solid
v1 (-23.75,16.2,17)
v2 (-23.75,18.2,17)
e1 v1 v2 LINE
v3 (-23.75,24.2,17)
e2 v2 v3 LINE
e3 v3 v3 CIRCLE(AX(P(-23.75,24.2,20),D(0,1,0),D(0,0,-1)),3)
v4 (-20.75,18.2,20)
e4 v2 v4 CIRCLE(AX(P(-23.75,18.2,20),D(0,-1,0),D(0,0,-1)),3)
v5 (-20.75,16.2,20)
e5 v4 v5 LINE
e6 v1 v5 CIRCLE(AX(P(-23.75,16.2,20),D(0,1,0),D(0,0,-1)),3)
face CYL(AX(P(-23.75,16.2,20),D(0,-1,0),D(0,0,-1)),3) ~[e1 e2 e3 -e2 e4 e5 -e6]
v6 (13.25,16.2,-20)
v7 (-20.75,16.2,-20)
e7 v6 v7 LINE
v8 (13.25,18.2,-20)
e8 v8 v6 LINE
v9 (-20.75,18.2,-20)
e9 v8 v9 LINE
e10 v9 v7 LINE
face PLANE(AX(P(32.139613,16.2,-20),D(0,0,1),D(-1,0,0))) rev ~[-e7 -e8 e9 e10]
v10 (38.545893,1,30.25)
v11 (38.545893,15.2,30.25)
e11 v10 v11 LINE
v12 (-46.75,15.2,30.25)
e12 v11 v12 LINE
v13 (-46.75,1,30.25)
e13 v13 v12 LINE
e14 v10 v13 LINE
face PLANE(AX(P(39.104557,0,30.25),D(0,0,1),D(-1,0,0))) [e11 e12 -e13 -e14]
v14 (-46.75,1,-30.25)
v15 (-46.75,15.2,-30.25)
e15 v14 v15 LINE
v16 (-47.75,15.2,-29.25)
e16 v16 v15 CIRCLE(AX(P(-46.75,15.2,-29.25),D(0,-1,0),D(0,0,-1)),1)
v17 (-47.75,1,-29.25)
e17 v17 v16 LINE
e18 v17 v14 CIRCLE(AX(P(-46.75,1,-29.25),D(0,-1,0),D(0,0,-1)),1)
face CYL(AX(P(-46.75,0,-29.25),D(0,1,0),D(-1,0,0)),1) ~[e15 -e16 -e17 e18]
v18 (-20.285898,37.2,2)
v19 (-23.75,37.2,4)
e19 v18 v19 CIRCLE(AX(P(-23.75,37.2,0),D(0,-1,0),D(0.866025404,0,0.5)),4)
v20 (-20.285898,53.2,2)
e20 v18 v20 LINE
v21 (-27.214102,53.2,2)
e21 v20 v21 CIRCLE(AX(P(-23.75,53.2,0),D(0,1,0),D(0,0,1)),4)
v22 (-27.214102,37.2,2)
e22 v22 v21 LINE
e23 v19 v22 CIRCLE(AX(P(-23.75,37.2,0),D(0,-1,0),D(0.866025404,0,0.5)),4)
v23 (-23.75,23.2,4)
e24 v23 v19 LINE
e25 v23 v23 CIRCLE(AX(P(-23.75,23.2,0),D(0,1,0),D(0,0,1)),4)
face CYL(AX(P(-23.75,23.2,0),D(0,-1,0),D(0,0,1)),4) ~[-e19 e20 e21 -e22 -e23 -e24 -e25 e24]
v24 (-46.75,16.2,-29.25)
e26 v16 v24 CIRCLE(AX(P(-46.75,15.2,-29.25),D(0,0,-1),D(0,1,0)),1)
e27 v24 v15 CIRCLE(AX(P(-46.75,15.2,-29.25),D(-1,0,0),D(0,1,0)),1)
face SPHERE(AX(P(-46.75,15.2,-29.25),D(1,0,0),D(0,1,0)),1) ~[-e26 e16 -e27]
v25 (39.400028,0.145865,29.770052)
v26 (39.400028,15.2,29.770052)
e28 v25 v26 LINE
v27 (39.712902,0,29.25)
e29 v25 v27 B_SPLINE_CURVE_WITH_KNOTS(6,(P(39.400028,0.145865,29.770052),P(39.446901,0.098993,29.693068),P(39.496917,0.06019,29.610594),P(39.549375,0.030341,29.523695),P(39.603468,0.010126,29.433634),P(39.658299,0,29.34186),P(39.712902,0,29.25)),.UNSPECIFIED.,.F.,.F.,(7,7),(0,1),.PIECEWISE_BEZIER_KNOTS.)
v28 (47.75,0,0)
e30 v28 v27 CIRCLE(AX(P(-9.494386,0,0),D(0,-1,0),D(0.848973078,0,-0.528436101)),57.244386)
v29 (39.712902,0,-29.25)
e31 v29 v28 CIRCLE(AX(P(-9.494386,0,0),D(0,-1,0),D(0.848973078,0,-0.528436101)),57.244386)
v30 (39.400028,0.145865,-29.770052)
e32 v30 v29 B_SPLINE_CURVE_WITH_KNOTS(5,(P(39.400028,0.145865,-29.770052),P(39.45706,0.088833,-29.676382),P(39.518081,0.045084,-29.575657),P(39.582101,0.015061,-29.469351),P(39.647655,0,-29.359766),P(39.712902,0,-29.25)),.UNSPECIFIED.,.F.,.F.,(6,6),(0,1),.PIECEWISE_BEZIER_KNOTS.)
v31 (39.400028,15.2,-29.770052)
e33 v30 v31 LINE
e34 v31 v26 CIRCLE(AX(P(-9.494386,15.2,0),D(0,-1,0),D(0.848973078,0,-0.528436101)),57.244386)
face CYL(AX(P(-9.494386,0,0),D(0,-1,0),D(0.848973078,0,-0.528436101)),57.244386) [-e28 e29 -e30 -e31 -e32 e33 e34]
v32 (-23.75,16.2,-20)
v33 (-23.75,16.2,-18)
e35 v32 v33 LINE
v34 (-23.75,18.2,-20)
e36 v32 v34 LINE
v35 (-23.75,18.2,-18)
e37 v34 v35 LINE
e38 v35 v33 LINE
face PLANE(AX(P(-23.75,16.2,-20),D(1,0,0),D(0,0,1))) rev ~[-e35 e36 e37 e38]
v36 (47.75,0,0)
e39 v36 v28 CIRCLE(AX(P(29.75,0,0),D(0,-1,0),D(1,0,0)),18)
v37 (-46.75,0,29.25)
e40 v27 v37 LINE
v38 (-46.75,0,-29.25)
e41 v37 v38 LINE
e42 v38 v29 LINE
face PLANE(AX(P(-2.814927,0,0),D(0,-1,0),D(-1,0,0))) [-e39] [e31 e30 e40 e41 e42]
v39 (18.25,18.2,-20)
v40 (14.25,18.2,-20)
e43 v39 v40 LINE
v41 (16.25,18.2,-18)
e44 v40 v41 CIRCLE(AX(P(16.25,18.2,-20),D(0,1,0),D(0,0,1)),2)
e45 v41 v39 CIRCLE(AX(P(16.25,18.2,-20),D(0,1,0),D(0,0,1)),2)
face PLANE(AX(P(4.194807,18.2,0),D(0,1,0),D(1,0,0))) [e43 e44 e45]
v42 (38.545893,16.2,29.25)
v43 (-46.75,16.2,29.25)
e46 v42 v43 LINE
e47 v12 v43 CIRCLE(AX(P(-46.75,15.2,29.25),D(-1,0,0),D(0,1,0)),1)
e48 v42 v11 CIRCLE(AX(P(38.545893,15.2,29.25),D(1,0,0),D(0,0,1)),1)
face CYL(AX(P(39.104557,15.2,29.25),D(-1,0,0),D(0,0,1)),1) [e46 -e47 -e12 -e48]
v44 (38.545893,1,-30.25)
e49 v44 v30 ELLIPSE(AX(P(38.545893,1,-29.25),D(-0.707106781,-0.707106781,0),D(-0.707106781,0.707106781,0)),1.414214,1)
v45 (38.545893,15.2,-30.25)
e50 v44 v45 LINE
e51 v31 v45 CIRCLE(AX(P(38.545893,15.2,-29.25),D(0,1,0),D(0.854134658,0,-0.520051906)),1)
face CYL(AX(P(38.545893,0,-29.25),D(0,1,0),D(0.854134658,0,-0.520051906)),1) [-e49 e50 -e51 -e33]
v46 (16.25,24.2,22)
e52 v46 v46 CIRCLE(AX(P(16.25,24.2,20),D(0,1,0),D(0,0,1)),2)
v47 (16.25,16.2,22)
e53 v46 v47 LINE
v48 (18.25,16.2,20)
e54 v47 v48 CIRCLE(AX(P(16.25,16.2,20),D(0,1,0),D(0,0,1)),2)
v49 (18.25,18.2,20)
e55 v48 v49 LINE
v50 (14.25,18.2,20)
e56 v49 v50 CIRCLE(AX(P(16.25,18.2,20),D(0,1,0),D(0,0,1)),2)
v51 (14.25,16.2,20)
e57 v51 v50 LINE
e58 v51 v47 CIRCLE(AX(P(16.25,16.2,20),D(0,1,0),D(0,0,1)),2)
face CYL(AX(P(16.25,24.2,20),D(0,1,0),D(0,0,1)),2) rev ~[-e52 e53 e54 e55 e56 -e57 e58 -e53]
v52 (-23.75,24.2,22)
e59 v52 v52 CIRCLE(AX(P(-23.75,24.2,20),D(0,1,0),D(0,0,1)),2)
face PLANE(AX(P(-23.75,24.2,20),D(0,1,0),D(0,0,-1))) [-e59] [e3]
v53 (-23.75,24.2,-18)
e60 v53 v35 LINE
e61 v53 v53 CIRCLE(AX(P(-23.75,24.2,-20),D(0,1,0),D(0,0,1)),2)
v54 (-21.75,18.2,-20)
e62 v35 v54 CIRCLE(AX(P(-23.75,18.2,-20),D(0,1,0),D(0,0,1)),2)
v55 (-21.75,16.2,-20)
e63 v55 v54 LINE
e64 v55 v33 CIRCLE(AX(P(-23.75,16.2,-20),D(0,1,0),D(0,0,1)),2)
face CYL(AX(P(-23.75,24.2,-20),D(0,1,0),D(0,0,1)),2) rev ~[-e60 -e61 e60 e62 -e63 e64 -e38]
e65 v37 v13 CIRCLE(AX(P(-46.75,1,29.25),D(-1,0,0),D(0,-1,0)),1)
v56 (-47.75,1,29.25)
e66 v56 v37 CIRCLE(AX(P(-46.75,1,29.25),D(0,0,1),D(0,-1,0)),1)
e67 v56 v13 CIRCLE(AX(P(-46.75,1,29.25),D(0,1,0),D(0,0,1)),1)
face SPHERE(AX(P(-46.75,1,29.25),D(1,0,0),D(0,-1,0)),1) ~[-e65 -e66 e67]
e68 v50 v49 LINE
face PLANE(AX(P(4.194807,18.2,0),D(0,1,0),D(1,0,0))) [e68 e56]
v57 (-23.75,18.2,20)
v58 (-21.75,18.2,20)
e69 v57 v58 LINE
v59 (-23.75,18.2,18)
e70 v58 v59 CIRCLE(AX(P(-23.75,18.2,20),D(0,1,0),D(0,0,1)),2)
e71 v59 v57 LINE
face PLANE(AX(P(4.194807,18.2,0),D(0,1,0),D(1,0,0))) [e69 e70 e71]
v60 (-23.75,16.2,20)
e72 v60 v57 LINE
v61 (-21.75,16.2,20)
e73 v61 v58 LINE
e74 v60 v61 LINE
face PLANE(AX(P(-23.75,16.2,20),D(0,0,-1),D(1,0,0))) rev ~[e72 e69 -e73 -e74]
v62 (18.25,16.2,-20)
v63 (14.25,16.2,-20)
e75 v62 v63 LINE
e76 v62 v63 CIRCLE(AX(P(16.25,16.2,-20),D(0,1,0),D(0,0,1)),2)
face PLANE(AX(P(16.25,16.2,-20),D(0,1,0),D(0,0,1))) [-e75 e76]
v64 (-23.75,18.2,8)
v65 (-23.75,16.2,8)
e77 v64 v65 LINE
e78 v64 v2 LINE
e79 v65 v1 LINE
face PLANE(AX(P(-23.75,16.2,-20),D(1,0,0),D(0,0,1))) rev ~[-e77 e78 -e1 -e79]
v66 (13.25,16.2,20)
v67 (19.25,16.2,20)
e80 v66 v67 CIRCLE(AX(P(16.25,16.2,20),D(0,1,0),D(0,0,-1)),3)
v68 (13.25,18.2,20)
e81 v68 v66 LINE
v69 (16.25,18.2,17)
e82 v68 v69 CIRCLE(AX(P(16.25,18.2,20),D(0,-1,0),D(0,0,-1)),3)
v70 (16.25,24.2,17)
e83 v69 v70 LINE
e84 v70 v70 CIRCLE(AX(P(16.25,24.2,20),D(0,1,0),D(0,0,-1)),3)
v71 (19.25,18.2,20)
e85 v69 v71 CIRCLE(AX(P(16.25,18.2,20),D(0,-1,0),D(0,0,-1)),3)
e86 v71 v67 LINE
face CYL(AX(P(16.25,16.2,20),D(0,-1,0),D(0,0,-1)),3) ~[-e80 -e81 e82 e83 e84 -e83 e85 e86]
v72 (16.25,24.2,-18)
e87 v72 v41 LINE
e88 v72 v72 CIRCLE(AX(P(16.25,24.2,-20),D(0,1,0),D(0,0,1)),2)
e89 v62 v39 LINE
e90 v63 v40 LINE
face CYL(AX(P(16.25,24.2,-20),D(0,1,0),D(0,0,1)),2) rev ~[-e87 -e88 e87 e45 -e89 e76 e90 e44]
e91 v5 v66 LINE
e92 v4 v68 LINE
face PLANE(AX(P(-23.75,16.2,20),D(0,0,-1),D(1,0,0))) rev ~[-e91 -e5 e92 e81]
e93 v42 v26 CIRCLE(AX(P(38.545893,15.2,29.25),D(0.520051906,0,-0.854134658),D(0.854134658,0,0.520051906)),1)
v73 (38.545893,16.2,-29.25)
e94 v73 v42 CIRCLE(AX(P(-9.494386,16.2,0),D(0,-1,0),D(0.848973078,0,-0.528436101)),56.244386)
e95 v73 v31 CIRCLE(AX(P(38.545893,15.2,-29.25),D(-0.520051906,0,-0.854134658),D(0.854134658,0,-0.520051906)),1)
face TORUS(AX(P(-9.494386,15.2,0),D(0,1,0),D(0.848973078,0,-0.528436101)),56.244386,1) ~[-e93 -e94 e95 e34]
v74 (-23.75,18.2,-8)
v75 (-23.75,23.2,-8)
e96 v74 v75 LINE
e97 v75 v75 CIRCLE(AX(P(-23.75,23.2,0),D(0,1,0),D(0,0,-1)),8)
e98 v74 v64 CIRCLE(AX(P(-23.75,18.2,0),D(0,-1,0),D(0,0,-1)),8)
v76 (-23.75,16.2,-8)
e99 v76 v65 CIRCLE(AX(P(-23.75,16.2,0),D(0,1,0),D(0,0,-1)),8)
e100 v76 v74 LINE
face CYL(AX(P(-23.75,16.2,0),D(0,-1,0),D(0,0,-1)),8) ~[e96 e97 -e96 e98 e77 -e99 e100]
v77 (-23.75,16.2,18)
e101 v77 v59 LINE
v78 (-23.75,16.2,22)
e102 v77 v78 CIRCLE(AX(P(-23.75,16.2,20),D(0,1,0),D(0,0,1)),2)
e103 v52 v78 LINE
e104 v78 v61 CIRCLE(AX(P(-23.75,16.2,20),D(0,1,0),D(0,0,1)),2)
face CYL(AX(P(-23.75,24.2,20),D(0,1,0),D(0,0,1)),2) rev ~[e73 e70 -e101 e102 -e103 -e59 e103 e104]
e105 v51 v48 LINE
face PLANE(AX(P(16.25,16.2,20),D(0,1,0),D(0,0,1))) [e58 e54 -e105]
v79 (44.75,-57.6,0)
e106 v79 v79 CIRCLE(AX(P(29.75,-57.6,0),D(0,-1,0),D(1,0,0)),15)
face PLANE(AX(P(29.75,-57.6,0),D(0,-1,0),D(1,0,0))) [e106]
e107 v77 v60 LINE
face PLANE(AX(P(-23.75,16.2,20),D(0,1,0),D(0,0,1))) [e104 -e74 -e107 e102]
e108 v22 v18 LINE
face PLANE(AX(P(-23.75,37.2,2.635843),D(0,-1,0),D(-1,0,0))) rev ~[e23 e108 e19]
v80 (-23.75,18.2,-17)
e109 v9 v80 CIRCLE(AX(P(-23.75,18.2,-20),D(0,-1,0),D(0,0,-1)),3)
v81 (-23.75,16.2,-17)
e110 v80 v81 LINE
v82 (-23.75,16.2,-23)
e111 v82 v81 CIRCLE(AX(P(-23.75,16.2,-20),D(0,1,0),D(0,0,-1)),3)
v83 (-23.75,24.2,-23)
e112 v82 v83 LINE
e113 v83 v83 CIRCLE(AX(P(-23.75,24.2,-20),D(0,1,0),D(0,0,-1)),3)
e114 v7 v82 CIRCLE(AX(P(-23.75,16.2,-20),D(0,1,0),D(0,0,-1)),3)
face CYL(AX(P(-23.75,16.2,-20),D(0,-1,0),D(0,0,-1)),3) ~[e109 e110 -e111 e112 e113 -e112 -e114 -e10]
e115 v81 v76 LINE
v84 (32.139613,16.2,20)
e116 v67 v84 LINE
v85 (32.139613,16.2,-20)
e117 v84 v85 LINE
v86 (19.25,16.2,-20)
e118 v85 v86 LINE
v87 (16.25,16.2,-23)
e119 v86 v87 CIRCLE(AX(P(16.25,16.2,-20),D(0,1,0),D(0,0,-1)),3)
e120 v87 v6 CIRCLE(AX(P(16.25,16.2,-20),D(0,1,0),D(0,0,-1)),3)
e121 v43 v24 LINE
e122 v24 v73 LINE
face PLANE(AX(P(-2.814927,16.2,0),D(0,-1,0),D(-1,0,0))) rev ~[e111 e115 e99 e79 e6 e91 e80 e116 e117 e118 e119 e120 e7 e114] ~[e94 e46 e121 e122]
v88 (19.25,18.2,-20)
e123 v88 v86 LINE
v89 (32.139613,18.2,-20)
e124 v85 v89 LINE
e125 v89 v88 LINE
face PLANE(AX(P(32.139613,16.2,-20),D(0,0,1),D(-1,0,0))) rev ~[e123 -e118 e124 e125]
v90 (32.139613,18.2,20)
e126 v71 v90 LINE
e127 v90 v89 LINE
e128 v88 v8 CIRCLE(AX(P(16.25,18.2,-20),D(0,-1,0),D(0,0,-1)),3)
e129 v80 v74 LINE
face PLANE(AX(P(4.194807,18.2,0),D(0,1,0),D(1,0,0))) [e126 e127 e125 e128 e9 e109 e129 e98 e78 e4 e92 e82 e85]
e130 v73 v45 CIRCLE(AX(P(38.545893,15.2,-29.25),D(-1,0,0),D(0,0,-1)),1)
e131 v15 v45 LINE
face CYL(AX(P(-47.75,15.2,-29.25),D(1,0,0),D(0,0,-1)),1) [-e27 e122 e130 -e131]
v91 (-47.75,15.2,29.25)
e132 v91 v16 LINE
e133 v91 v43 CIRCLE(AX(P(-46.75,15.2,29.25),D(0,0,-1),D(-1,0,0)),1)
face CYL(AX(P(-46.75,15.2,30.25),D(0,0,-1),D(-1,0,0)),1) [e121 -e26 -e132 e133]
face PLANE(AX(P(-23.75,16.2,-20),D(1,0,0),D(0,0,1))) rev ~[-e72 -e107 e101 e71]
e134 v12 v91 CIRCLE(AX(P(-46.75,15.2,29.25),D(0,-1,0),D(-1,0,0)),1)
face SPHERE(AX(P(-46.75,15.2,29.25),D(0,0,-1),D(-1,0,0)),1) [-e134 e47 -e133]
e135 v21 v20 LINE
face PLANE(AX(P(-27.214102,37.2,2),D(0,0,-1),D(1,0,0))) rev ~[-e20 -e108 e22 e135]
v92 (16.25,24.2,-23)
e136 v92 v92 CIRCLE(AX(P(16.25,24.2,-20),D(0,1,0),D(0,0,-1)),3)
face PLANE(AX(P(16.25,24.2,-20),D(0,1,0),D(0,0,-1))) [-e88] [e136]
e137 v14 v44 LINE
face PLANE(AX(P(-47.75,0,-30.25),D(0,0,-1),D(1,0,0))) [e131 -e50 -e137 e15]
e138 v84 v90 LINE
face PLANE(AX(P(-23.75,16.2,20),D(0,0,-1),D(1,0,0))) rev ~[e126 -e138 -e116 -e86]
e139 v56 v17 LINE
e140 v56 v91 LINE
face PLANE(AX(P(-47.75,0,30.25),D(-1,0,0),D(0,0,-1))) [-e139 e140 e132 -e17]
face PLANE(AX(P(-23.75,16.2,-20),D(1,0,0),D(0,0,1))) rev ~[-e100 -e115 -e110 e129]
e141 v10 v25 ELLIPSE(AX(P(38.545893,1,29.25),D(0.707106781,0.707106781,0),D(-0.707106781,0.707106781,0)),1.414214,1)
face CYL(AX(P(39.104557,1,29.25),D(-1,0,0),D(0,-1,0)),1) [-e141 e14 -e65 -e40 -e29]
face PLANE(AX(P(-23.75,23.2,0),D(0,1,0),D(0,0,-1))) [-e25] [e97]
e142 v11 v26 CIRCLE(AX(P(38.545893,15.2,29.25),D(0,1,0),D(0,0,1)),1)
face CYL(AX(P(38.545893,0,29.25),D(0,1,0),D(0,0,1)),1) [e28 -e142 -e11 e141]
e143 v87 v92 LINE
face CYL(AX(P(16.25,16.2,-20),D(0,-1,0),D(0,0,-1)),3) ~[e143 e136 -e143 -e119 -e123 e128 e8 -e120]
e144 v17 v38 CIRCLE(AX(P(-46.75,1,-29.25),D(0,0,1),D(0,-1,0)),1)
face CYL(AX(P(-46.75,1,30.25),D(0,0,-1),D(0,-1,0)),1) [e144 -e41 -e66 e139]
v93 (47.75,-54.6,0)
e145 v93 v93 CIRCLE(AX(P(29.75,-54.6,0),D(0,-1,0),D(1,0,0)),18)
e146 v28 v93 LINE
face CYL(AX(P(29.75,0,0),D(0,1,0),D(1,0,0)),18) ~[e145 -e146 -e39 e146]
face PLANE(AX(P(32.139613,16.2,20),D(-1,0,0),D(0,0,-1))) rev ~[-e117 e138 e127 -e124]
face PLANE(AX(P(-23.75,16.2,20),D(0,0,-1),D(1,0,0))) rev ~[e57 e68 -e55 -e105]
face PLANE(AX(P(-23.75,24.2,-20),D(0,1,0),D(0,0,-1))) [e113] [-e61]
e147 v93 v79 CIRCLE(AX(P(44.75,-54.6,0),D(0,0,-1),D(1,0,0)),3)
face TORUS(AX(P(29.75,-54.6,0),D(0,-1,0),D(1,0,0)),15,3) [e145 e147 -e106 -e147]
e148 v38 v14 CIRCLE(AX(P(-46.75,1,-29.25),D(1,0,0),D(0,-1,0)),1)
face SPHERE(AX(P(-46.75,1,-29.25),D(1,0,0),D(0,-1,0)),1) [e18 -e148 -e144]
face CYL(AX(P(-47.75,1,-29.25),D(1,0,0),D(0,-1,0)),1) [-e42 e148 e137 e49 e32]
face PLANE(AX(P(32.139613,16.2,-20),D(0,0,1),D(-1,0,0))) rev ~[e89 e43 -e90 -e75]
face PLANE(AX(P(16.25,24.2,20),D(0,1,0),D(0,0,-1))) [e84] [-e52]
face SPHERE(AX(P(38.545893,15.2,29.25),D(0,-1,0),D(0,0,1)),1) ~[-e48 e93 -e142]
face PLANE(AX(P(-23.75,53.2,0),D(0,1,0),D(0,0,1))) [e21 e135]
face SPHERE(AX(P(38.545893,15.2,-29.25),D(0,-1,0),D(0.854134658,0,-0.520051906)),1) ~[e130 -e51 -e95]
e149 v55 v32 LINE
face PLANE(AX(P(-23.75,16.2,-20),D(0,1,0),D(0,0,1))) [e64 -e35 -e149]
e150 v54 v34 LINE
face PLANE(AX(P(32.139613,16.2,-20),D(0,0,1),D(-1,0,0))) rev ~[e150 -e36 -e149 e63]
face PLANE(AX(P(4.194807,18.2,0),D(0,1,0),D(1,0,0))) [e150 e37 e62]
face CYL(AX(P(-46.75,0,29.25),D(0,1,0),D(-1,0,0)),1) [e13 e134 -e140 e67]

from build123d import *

# Parameters (mm, degrees)
EXTRUDE_1_DEPTH     = 16.2
SKETCH_2_R          = 3
EXTRUDE_2_DEPTH     = 8
SKETCH_3_R          = 2
CUT_EXTRUDE_1_DEPTH = 8
SKETCH_4_R          = 8
EXTRUDE_3_DEPTH     = 7
SKETCH_5_R          = 4
EXTRUDE_4_DEPTH     = 30
CUT_EXTRUDE_START   = -16
CUT_EXTRUDE_2_DEPTH = 16
EXTRUDE_5_DEPTH     = 2
SKETCH_9_R          = 18
EXTRUDE_6_DEPTH     = 57.6
FILLET_1_R          = 3
FILLET_2_R          = 1


with BuildPart() as part:
    # 草图1 → 凸台-拉伸1 (new body)
    with BuildSketch(Plane(origin=(0, 0, 0), x_dir=(1, 0, 0), z_dir=(0, 1, 0))):
        with BuildLine():
            Line((-47.75, 30.25), (39.104556615, 30.25))
            ThreePointArc((39.104556615, 30.25), (47.75, 0), (39.104556615, -30.25))
            Line((39.104556615, -30.25), (-47.75, -30.25))
            Line((-47.75, -30.25), (-47.75, 30.25))
        make_face()
    extrude(amount=EXTRUDE_1_DEPTH)

    # 草图2 → 凸台-拉伸2 (add)
    with BuildSketch(Plane(origin=(0, 16.2, 0), x_dir=(1, 0, 0), z_dir=(0, 1, 0))):
        with Locations(Location((-23.75, -20, 0), (0, 0, 90))):
            Circle(SKETCH_2_R)
        with Locations(Location((16.25, -20, 0), (0, 0, 90))):
            Circle(SKETCH_2_R)
        with Locations(Location((16.25, 20, 0), (0, 0, 90))):
            Circle(SKETCH_2_R)
        with Locations(Location((-23.75, 20, 0), (0, 0, 90))):
            Circle(SKETCH_2_R)
    extrude(amount=EXTRUDE_2_DEPTH)

    # 草图3 → 切除-拉伸1 (cut)
    with BuildSketch(Plane(origin=(0, 24.2, 0), x_dir=(1, 0, 0), z_dir=(0, 1, 0))):
        with Locations(Location((-23.75, -20, 0), (0, 0, 270))):
            Circle(SKETCH_3_R)
        with Locations(Location((16.25, -20, 0), (0, 0, 270))):
            Circle(SKETCH_3_R)
        with Locations(Location((16.25, 20, 0), (0, 0, 270))):
            Circle(SKETCH_3_R)
        with Locations(Location((-23.75, 20, 0), (0, 0, 270))):
            Circle(SKETCH_3_R)
    extrude(amount=-CUT_EXTRUDE_1_DEPTH, mode=Mode.SUBTRACT)

    # 草图4 → 凸台-拉伸3 (add)
    with BuildSketch(Plane(origin=(0, 16.2, 0), x_dir=(1, 0, 0), z_dir=(0, 1, 0))):
        with Locations(Location((-23.75, 0, 0), (0, 0, 90))):
            Circle(SKETCH_4_R)
    extrude(amount=EXTRUDE_3_DEPTH)

    # 草图5 → 凸台-拉伸4 (add)
    with BuildSketch(Plane(origin=(0, 23.2, 0), x_dir=(1, 0, 0), z_dir=(0, 1, 0))):
        with Locations(Location((-23.75, 0, 0), (0, 0, 270))):
            Circle(SKETCH_5_R)
    extrude(amount=EXTRUDE_4_DEPTH)

    # 草图6 → 切除-拉伸2 (cut)
    with BuildSketch(Plane(origin=(0, 53.2, 0), x_dir=(1, 0, 0), z_dir=(0, 1, 0)).offset(CUT_EXTRUDE_START)):
        with BuildLine():
            Line((-27.214101615, -2), (-20.285898385, -2))
            ThreePointArc((-20.285898385, -2), (-23.75, -4), (-27.214101615, -2))
        make_face()
    extrude(amount=CUT_EXTRUDE_2_DEPTH, mode=Mode.SUBTRACT)

    # 草图7 → 凸台-拉伸5 (add)
    with BuildSketch(Plane(origin=(0, 16.2, 0), x_dir=(1, 0, 0), z_dir=(0, 1, 0))):
        Polygon((-23.75, -20), (16.25, -20), (32.139613293, -20), (32.139613293, 20), (16.25, 20), (-23.75, 20), align=None)
    extrude(amount=EXTRUDE_5_DEPTH)

    # 草图9 → 凸台-拉伸6 (add)
    with BuildSketch(Plane.XZ):
        with Locations((29.75, 0)):
            Circle(SKETCH_9_R)
    extrude(amount=EXTRUDE_6_DEPTH)

    # 圆角1
    fillet_1_edges = [part.edges().sort_by_distance(p)[0] for p in [
        (11.75, -57.6, 0),
    ]]
    fillet(fillet_1_edges, radius=FILLET_1_R)

    # 圆角2
    fillet_2_edges = [part.edges().sort_by_distance(p)[0] for p in [
        (47.75, 16.2, 0),
        (-4.322721692, 16.2, -30.25),
        (-47.75, 16.2, 0),
        (-4.322721692, 0, -30.25),
        (-4.322721692, 0, 30.25),
        (-47.75, 0, 0),
        (-47.75, 8.1, -30.25),
        (39.104556615, 8.1, -30.25),
        (39.104556615, 8.1, 30.25),
        (-47.75, 8.1, 30.25),
        (-4.322721692, 16.2, 30.25),
    ]]
    fillet(fillet_2_edges, radius=FILLET_2_R)


solid = part.part
